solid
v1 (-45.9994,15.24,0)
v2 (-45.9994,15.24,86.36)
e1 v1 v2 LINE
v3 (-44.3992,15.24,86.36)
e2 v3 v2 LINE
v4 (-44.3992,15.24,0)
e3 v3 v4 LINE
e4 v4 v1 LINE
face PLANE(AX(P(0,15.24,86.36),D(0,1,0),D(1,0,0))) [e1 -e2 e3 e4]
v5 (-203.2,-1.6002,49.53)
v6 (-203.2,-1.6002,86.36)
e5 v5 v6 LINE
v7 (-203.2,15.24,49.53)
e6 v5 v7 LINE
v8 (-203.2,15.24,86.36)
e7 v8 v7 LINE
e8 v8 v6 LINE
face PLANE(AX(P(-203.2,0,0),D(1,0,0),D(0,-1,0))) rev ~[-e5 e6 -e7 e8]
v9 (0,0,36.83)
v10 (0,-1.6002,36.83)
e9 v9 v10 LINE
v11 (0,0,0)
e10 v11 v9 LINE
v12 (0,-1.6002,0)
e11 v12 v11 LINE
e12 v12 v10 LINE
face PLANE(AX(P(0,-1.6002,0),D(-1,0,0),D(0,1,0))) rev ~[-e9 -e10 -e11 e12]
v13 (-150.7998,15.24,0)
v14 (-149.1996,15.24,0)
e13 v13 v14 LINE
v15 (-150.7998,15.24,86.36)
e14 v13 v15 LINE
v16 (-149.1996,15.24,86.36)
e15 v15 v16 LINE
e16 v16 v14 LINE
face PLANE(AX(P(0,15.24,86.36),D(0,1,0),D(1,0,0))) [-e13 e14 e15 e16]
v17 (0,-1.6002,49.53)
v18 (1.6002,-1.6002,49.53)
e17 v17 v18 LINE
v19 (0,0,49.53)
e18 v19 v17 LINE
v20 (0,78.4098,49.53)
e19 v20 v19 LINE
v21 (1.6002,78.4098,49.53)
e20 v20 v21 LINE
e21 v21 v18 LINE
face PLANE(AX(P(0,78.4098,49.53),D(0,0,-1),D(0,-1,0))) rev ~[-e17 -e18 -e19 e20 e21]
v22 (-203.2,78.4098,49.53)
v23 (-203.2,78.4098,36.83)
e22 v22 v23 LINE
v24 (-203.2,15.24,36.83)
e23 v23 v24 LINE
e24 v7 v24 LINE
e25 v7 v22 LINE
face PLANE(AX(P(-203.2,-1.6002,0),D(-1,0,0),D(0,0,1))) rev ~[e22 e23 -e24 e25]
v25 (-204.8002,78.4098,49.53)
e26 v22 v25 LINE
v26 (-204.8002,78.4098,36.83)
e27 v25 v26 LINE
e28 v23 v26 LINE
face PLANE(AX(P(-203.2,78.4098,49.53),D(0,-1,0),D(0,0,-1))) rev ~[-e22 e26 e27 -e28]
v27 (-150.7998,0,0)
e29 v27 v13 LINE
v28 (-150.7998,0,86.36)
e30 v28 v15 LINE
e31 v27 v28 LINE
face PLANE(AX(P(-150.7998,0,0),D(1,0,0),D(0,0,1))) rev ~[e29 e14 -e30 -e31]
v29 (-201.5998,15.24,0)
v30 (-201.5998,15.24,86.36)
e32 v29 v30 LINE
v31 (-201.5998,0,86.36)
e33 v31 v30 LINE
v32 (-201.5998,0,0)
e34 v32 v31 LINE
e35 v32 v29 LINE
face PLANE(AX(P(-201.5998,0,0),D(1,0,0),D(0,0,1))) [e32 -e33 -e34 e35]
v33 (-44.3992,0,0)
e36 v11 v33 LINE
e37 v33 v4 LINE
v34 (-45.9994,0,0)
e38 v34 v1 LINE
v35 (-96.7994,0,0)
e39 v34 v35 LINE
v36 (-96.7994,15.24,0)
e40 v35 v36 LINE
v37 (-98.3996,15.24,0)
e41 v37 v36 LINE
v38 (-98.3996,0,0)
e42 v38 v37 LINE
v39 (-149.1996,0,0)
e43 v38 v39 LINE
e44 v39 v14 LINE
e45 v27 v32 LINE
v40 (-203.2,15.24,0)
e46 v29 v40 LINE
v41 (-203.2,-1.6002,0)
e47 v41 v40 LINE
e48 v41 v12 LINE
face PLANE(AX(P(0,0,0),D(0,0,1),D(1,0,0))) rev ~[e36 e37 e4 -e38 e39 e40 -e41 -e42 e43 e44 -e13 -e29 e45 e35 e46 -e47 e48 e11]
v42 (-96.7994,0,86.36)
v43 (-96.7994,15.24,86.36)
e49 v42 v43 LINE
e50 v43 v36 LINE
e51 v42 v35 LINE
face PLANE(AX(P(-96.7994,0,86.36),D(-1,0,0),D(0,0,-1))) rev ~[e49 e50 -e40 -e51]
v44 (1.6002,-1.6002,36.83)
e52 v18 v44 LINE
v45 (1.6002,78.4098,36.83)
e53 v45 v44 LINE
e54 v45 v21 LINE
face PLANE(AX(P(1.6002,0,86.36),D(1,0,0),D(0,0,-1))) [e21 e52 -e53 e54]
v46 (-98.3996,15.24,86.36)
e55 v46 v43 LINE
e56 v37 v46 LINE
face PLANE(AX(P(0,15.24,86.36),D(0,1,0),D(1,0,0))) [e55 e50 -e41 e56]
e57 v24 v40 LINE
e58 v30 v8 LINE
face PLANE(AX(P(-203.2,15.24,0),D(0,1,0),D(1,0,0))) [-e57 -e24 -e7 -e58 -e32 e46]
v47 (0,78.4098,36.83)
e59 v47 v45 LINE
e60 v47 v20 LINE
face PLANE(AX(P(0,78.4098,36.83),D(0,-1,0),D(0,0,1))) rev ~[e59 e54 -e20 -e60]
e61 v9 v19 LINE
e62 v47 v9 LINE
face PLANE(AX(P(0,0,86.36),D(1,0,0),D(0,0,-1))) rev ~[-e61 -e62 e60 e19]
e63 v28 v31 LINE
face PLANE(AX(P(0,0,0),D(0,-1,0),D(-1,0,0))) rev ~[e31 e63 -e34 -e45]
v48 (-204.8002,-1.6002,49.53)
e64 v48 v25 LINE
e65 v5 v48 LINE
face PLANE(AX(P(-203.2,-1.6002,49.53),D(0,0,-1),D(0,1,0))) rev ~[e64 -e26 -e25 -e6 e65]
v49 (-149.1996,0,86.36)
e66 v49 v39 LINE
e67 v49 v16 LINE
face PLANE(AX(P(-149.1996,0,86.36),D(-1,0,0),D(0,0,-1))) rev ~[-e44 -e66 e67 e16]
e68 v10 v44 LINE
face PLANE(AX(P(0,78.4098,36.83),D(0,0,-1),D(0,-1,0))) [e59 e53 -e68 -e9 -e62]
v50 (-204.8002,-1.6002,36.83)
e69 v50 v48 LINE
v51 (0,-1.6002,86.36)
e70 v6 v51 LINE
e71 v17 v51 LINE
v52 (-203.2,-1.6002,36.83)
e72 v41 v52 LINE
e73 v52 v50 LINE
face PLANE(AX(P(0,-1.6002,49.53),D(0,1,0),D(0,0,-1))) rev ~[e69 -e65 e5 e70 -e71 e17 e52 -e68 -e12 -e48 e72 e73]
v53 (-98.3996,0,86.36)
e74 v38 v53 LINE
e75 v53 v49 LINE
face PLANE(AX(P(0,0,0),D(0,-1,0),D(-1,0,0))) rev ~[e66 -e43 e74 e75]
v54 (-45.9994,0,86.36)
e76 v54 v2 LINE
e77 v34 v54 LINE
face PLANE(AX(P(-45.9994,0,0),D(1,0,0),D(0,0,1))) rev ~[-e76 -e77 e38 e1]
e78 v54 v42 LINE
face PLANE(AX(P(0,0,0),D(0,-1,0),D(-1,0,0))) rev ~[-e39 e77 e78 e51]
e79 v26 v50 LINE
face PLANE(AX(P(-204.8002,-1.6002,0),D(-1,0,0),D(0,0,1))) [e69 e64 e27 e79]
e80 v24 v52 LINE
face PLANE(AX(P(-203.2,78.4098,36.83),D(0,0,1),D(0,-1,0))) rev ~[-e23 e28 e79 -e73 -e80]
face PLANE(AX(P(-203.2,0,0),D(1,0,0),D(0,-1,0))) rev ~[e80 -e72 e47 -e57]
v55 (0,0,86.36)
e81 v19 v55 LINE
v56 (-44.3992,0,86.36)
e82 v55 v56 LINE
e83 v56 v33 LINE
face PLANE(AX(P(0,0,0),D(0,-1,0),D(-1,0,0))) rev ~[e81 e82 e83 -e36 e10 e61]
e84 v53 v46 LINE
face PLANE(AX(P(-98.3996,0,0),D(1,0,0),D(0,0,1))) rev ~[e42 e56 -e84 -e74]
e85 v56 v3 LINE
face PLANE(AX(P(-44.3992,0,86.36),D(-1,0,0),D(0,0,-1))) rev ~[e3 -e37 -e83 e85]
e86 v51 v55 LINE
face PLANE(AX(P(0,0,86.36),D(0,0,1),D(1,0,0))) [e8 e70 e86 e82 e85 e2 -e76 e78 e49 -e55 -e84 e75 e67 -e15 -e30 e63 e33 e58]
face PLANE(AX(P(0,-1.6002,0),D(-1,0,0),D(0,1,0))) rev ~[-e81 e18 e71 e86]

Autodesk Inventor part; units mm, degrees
ref_plane "YZ Plane" through (0, 0, 0) normal (1, 0, 0) x (0, 1, 0)
ref_plane "XZ Plane" through (0, 0, 0) normal (0, 1, 0) x (-1, 0, 0)
ref_plane "XY Plane" through (0, 0, 0) normal (0, 0, 1) x (1, 0, 0)
sketch "Sketch1" plane through (0, 0, 0) normal (0, 0, 1) x (1, 0, 0)
  line L0 (0, 0) -> (-203.2, 0)
  line L1 (-203.2, 0) -> (-203.2, -1.6002)
  line L2 (-203.2, -1.6002) -> (0, -1.6002)
  line L3 (0, -1.6002) -> (0, 0)
  dimension "d0" = 203.2
  dimension "d1" = 1.6002
extrude "Extrusion1" add sketch "Sketch1" along normal blind 86.36
sketch "Sketch2" plane through (-203.2, 0, 0) normal (0, 1, 0) x (1, 0, 0)
  line L0 (203.2, 0) -> (0, 0) projected
  line L1 (203.2, -86.36) -> (0, -86.36) projected
  line L2 (0, 0) -> (1.6002, 0)
  line L3 (1.6002, 0) -> (1.6002, -86.36)
  line L4 (1.6002, -86.36) -> (0, -86.36)
  line L5 (0, -86.36) -> (0, 0)
  dimension "d4" = 1.6002
extrude "Extrusion2" add sketch "Sketch2" along normal blind 15.24
sketch "Sketch3" plane through (0, 0, 86.36) normal (0, 1, 0) x (1, 0, 0)
  line L0 (-203.2, 0) -> (0, 0) projected
  line L1 (-203.2, 86.36) -> (0, 86.36) projected
  line L2 (-150.7998, 0) -> (-149.1996, 0)
  line L3 (-149.1996, 0) -> (-149.1996, 86.36)
  line L4 (-149.1996, 86.36) -> (-150.7998, 86.36)
  line L5 (-150.7998, 86.36) -> (-150.7998, 0)
  dimension "d7" = 1.6002
extrude "Extrusion3" add sketch "Sketch3" along normal blind 15.24
sketch "Sketch4" plane through (0, 0, 86.36) normal (0, 1, 0) x (1, 0, 0)
  line L0 (-203.2, 0) -> (0, 0) projected
  line L1 (-203.2, 86.36) -> (0, 86.36) projected
  line L2 (-98.3996, 0) -> (-96.7994, 0)
  line L3 (-96.7994, 0) -> (-96.7994, 86.36)
  line L4 (-96.7994, 86.36) -> (-98.3996, 86.36)
  line L5 (-98.3996, 86.36) -> (-98.3996, 0)
  dimension "d10" = 1.6002
extrude "Extrusion4" add sketch "Sketch4" along normal blind 15.24
sketch "Sketch5" plane through (0, 0, 86.36) normal (0, 1, 0) x (1, 0, 0)
  line L0 (0, 0) -> (-96.7994, 0) projected
  line L1 (0, 86.36) -> (-96.7994, 86.36) projected
  line L2 (-45.9994, 0) -> (-44.3992, 0)
  line L3 (-44.3992, 0) -> (-44.3992, 86.36)
  line L4 (-44.3992, 86.36) -> (-45.9994, 86.36)
  line L5 (-45.9994, 86.36) -> (-45.9994, 0)
  dimension "d13" = 1.6002
extrude "Extrusion5" add sketch "Sketch5" along normal blind 15.24
sketch "Sketch6" plane through (-203.2, -1.6002, 0) normal (-1, 0, 0) x (0, 0, 1)
  line L0 (0, 0) -> (86.36, 0) projected
  line L1 (36.83, 0) -> (49.53, 0)
  line L2 (49.53, 0) -> (49.53, 80.01)
  line L3 (49.53, 80.01) -> (36.83, 80.01)
  line L4 (36.83, 80.01) -> (36.83, 0)
  point P0 (0, 1.6002)
  dimension "d16" = 12.7
  dimension "d17" = 80.01
extrude "Extrusion6" add sketch "Sketch6" along normal blind 1.6002
sketch "Sketch7" plane through (0, 0, 86.36) normal (1, 0, 0) x (0, 0, -1)
  line L0 (36.83, -1.6002) -> (0, -1.6002) projected
  line L1 (49.53, 78.4098) -> (49.53, -1.6002) projected
  line L2 (36.83, -1.6002) -> (49.53, -1.6002)
  line L3 (49.53, -1.6002) -> (49.53, 78.4098)
  line L4 (49.53, 78.4098) -> (36.83, 78.4098)
  line L5 (36.83, 78.4098) -> (36.83, -1.6002)
  point P0 (86.36, 0)
  dimension "d20" = 80.01
extrude "Extrusion7" add sketch "Sketch7" along normal blind 1.6002
sketch "Sketch8" plane through (-96.7994, 0, 86.36) normal (0, 1, 0) x (1, 0, 0)
  point P0 (96.7994, 86.36)
properties part number "ModulePlate2.0"
